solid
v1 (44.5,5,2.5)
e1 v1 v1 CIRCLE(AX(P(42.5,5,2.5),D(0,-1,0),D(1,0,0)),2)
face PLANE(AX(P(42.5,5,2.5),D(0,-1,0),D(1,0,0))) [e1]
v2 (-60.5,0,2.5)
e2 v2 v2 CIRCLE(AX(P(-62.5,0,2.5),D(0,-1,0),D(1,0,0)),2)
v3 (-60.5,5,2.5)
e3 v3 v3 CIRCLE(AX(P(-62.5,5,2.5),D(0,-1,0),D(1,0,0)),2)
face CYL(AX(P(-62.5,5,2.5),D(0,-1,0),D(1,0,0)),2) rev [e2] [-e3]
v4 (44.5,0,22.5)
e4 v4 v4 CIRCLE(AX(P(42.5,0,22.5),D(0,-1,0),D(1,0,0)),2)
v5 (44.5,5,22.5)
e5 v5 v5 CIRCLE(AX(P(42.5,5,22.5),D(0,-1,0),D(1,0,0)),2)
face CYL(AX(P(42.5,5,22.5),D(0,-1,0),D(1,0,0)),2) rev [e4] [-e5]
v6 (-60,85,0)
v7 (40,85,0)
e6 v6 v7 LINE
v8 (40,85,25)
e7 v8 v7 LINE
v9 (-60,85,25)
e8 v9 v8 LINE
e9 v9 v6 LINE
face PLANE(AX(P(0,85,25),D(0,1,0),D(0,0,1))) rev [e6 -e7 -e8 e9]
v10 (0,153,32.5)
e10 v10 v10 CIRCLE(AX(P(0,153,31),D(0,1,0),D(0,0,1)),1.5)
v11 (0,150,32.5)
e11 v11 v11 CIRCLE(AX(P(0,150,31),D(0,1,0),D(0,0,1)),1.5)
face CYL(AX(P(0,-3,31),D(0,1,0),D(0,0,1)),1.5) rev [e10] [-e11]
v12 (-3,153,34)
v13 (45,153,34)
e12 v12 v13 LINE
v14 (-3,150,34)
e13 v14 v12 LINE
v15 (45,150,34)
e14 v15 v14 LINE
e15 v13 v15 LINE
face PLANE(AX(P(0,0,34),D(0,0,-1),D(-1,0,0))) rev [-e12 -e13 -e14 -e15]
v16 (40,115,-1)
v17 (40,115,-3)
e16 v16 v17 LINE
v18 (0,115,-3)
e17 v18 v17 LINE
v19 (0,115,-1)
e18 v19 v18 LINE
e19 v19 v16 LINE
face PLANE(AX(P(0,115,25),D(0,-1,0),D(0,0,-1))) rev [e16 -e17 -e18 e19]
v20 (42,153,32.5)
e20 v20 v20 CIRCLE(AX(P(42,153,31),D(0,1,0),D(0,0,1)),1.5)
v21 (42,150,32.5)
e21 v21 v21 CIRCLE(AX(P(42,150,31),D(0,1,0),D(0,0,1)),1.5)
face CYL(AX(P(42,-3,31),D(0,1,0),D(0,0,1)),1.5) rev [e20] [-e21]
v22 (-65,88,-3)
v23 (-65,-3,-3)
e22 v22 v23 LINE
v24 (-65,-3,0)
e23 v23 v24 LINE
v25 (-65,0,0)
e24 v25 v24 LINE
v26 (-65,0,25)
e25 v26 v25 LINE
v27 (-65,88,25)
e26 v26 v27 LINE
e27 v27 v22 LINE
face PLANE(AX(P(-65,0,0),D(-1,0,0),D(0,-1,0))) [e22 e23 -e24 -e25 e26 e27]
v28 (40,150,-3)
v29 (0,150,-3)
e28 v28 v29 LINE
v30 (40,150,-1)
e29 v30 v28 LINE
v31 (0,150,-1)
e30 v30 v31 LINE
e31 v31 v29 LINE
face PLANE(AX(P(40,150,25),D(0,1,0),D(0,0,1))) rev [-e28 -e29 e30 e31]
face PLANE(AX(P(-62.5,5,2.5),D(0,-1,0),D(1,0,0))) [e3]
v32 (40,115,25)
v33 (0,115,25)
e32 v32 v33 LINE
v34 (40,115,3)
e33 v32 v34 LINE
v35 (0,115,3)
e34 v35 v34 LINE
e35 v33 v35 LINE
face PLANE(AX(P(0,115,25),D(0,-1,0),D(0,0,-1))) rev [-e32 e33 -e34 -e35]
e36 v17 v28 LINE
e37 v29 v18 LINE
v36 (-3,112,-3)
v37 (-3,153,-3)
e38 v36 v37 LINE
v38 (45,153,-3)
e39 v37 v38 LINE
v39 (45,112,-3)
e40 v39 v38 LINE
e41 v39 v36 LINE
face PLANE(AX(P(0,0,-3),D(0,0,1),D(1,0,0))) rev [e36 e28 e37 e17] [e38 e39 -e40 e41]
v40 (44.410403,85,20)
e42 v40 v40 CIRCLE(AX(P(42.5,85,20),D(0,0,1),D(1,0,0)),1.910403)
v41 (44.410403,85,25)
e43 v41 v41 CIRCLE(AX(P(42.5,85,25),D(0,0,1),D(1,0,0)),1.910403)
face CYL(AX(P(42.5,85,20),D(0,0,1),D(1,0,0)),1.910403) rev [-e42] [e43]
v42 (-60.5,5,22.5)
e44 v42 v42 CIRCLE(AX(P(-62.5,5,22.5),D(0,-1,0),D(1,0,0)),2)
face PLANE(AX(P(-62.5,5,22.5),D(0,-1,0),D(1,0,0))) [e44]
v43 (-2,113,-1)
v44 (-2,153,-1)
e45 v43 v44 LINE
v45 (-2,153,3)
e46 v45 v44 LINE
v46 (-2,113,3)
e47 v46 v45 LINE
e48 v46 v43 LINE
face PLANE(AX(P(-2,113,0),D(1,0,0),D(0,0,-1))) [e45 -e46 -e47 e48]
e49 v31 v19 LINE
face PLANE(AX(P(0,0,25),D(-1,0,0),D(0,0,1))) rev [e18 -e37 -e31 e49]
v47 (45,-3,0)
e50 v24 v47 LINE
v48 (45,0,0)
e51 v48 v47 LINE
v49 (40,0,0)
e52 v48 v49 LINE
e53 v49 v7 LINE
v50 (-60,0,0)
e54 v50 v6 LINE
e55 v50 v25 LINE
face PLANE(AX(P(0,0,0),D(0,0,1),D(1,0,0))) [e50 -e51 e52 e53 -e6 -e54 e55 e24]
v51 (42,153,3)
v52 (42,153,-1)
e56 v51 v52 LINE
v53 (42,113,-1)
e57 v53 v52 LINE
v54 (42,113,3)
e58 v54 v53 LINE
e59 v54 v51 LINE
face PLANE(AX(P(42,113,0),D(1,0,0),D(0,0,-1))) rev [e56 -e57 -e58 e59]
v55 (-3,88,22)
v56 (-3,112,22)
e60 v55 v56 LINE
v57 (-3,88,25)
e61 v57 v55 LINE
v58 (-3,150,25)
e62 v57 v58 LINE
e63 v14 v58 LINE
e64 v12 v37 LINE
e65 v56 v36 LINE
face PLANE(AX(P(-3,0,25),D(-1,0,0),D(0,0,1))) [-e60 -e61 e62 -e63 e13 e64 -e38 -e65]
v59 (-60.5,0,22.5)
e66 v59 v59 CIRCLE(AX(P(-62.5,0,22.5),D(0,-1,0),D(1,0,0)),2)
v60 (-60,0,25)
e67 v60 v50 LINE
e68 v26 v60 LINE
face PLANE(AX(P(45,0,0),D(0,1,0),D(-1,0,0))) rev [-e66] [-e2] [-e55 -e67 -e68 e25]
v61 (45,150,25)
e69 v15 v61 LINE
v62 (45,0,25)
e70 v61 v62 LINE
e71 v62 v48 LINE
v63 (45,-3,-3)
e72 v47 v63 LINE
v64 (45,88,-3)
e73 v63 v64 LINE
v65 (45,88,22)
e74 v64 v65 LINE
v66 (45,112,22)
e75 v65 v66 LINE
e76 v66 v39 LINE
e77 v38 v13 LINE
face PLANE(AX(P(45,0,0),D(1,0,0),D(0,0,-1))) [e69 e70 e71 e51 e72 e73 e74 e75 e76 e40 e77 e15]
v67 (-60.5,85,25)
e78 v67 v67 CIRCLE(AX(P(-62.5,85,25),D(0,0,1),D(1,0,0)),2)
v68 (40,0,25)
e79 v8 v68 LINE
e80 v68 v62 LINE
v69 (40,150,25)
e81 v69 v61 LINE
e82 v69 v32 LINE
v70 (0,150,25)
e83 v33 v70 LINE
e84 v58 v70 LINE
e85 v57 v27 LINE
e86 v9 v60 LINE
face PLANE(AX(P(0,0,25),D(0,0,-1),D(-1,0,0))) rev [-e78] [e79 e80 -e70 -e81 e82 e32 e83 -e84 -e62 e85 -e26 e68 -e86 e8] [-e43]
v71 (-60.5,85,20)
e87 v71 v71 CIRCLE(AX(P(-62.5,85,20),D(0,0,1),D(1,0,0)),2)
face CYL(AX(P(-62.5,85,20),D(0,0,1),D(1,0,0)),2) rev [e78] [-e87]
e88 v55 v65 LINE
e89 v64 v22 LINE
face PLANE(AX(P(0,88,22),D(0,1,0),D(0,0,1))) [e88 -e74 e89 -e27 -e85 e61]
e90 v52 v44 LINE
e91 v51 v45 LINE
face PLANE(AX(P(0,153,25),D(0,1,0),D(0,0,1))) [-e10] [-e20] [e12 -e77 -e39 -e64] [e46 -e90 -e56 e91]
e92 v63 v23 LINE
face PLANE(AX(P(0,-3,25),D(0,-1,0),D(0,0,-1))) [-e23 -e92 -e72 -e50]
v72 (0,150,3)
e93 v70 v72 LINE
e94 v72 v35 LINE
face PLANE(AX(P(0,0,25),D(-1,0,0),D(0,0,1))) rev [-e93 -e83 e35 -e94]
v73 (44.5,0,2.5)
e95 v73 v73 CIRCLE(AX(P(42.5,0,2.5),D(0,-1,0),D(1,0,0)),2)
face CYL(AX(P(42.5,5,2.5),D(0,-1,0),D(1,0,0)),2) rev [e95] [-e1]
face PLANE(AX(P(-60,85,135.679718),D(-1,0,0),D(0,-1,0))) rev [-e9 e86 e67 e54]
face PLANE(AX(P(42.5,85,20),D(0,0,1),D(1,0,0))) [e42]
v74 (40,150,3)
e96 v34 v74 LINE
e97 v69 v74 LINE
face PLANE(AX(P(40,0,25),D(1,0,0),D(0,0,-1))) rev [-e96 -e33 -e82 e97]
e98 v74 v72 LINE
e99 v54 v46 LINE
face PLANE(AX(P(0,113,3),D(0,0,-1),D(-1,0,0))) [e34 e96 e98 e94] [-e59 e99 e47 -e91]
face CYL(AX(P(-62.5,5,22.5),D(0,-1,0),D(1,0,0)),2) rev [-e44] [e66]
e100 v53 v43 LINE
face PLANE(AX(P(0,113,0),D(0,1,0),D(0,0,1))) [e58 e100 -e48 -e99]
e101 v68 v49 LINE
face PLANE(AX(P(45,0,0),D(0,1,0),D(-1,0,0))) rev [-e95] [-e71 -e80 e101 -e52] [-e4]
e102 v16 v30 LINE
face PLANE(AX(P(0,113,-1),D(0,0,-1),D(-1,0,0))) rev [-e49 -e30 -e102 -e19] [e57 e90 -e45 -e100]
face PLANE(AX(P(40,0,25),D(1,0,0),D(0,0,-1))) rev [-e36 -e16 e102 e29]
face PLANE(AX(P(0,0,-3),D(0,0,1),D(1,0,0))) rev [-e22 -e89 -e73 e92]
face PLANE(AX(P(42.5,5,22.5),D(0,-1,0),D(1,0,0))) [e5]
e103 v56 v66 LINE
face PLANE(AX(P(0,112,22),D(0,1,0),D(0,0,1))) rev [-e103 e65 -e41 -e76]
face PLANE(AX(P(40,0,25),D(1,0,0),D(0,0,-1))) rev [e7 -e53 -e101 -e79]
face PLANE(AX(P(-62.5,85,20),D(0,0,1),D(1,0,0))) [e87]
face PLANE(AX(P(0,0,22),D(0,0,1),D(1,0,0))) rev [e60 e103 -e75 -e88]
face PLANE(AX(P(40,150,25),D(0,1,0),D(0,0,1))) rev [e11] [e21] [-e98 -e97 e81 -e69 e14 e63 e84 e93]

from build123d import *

# Parameters (mm, degrees)
SKICA1_W                      = 40
SKICA1_H                      = 85
SKICA1_H_2                    = 35
SKICA1_H_3                    = 30
P_IDAT_VYSUNUT_M1_DEPTH       = 3
SKICA3_W                      = 46
SKICA3_H                      = 156
SKICA3_W_2                    = 40
SKICA3_H_2                    = 150
VYSUNOUT_TENKOST_NN_1_DEPTH   = 28
ODEBRAT_VYSUNUT_M2_DEPTH      = 22
ODEBRAT_VYSUNUT_M2_DEPTH_BACK = 17
SKICA4_W                      = 40
SKICA4_H                      = 24
SKICA4_W_2                    = 6.963710183
SKICA4_W_3                    = 3
SKICA5_W                      = 43
SKICA5_H                      = 3
SKICA5_W_2                    = 40
P_IDAT_VYSUNUT_M2_DEPTH       = 25
SKICA6_W                      = 40
SKICA6_H                      = 24
P_IDAT_VYSUNUT_M3_DEPTH       = 3
SKICA7_W                      = 40
SKICA7_H                      = 35
ODEBRAT_VYSUNUT_M3_DEPTH      = 161.881944295
SKICA8_W                      = 44
SKICA8_H                      = 4
ODEBRAT_VYSUNUT_M4_DEPTH      = 40
SKICA13_W                     = 60
SKICA13_H                     = 85
P_IDAT_VYSUNUT_M7_DEPTH       = 3
SKICA14_W                     = 63
SKICA14_H                     = 91
SKICA14_W_2                   = 57
SKICA14_H_2                   = 85
P_IDAT_VYSUNUT_M8_DEPTH       = 28
SKICA15_W                     = 3
SKICA15_H                     = 85
ODEBRAT_VYSUNUT_M6_DEPTH      = 25
SKICA16_W                     = 46
SKICA16_H                     = 3
P_IDAT_VYSUNUT_M9_DEPTH       = 9
SKICA17_W                     = 110
SKICA17_H                     = 3
ODEBRAT_VYSUNUT_M7_DEPTH      = 34
SKICA21_W                     = 3
SKICA21_H                     = 3
P_IDAT_VYSUNUT_M10_DEPTH      = 2
P_IDAT_VYSUNUT_M11_DEPTH      = 2
SKICA23_R                     = 2
ODEBRAT_VYSUNUT_M10_DEPTH     = 5
ODEBRAT_VYSUNUT_M8_DEPTH      = 173.386194343
ODEBRAT_VYSUNUT_M8_DEPTH_BACK = 173.386194343
SKICA19_R                     = 1.5
SKICA24_R                     = 2
SKICA24_R_2                   = 1.910403137
ODEBRAT_VYSUNUT_M11_DEPTH     = 5


with BuildPart() as part:
    # Skica1 → Přidat vysunutím1 (new body)
    with BuildSketch(Plane.XY):
        with Locations((20, 42.5)):
            Rectangle(SKICA1_W, SKICA1_H)
        with Locations((20, 102.5)):
            Rectangle(SKICA1_W, SKICA1_H_2)
        with Locations((20, 135)):
            Rectangle(SKICA1_W, SKICA1_H_3)
    extrude(amount=-P_IDAT_VYSUNUT_M1_DEPTH)

    # Skica3 → Vysunout tenkostěnný1 (add)
    with BuildSketch(Plane(origin=(0, 0, -3), x_dir=(-1, 0, 0), z_dir=(0, 0, -1))):
        with Locations((-20, 75)):
            Rectangle(SKICA3_W, SKICA3_H)
        with Locations((-20, 75)):
            Rectangle(SKICA3_W_2, SKICA3_H_2, mode=Mode.SUBTRACT)
    extrude(amount=-VYSUNOUT_TENKOST_NN_1_DEPTH)

    # Skica4 → Odebrat vysunutím2 (cut, two sides: drawn at the far end of the back side and taken through both)
    with BuildSketch(Plane.XY.offset(-ODEBRAT_VYSUNUT_M2_DEPTH_BACK)):
        with Locations((20, 100)):
            Rectangle(SKICA4_W, SKICA4_H)
        with Locations((-3.481855092, 100)):
            Rectangle(SKICA4_W_2, SKICA4_H)
        with Locations((41.5, 100)):
            Rectangle(SKICA4_W_3, SKICA4_H)
    extrude(amount=ODEBRAT_VYSUNUT_M2_DEPTH + ODEBRAT_VYSUNUT_M2_DEPTH_BACK, mode=Mode.SUBTRACT)

    # Skica5 → Přidat vysunutím2 (add)
    with BuildSketch(Plane.XY):
        with Locations((21.5, 113.5)):
            Rectangle(SKICA5_W, SKICA5_H)
        with Locations((20, 86.5)):
            Rectangle(SKICA5_W_2, SKICA5_H)
    extrude(amount=P_IDAT_VYSUNUT_M2_DEPTH)

    # Skica6 → Přidat vysunutím3 (add)
    with BuildSketch(Plane.XY.offset(25)):
        with Locations((20, 100)):
            Rectangle(SKICA6_W, SKICA6_H)
    extrude(amount=-P_IDAT_VYSUNUT_M3_DEPTH)

    # Skica7 → Odebrat vysunutím3 (cut, through all)
    with BuildSketch(Plane.XY):
        with Locations((20, 132.5)):
            Rectangle(SKICA7_W, SKICA7_H)
    extrude(amount=-ODEBRAT_VYSUNUT_M3_DEPTH, mode=Mode.SUBTRACT)

    # Skica8 → Odebrat vysunutím4 (cut)
    with BuildSketch(Plane(origin=(0, 153, 0), x_dir=(1, 0, 0), z_dir=(0, 1, 0))):
        with Locations((20, -1)):
            Rectangle(SKICA8_W, SKICA8_H)
    extrude(amount=-ODEBRAT_VYSUNUT_M4_DEPTH, mode=Mode.SUBTRACT)

    # Skica13 → Přidat vysunutím7 (add)
    with BuildSketch(Plane(origin=(0, 0, -3), x_dir=(-1, 0, 0), z_dir=(0, 0, -1))):
        with Locations((30, 42.5)):
            Rectangle(SKICA13_W, SKICA13_H)
    extrude(amount=-P_IDAT_VYSUNUT_M7_DEPTH)

    # Skica14 → Přidat vysunutím8 (add)
    with BuildSketch(Plane(origin=(0, 0, -3), x_dir=(-1, 0, 0), z_dir=(0, 0, -1))):
        with Locations((31.5, 42.5)):
            Rectangle(SKICA14_W, SKICA14_H)
        with Locations((31.5, 42.5)):
            Rectangle(SKICA14_W_2, SKICA14_H_2, mode=Mode.SUBTRACT)
    extrude(amount=-P_IDAT_VYSUNUT_M8_DEPTH)

    # Skica15 → Odebrat vysunutím6 (cut)
    with BuildSketch(Plane.XY.offset(25)):
        with Locations((-1.5, 42.5)):
            Rectangle(SKICA15_W, SKICA15_H)
    extrude(amount=-ODEBRAT_VYSUNUT_M6_DEPTH, mode=Mode.SUBTRACT)

    # Skica16 → Přidat vysunutím9 (add)
    with BuildSketch(Plane.XY.offset(25)):
        with Locations((20, 151.5)):
            Rectangle(SKICA16_W, SKICA16_H)
    extrude(amount=P_IDAT_VYSUNUT_M9_DEPTH)

    # Skica17 → Odebrat vysunutím7 (cut)
    with BuildSketch(Plane.XY.offset(34)):
        with Locations((-10, -1.5)):
            Rectangle(SKICA17_W, SKICA17_H)
    extrude(amount=-ODEBRAT_VYSUNUT_M7_DEPTH, mode=Mode.SUBTRACT)

    # Skica21 → Přidat vysunutím10 (add)
    with BuildSketch(Plane.ZY.offset(63)):
        Polygon((25, 0), (25, 88), (-3, 88), (-3, 0), (0, 0), align=None)
        with Locations((-1.5, -1.5)):
            Rectangle(SKICA21_W, SKICA21_H)
    extrude(amount=P_IDAT_VYSUNUT_M10_DEPTH)

    # Skica22 → Přidat vysunutím11 (add)
    with BuildSketch(Plane(origin=(43, 0, 0), x_dir=(0, 0, -1), z_dir=(1, 0, 0))):
        Polygon((-25, 0), (0, 0), (0, -3), (3, -3), (3, 0), (3, 88), (-22, 88), (-22, 112), (3, 112), (3, 153), (-25, 153), (-34, 153), (-34, 150), (-25, 150), (-25, 112), (-25, 88), align=None)
    extrude(amount=P_IDAT_VYSUNUT_M11_DEPTH)

    # Skica23 → Odebrat vysunutím10 (cut)
    with BuildSketch(Plane.XZ):
        with Locations((42.5, 22.5)):
            Circle(SKICA23_R)
        with Locations((42.5, 2.5)):
            Circle(SKICA23_R)
        with Locations((-62.5, 2.5)):
            Circle(SKICA23_R)
        with Locations((-62.5, 22.5)):
            Circle(SKICA23_R)
    extrude(amount=-ODEBRAT_VYSUNUT_M10_DEPTH, mode=Mode.SUBTRACT)

    # Skica19 → Odebrat vysunutím8 (cut, two sides: drawn at the far end of the back side and taken through both)
    with BuildSketch(Plane(origin=(0, 153, 0), x_dir=(1, 0, 0), z_dir=(0, 1, 0)).offset(-ODEBRAT_VYSUNUT_M8_DEPTH_BACK)):
        with Locations(Location((42, -31, 0), (0, 0, 270))):
            Circle(SKICA19_R)
        with Locations(Location((0, -31, 0), (0, 0, 270))):
            Circle(SKICA19_R)
    extrude(amount=ODEBRAT_VYSUNUT_M8_DEPTH + ODEBRAT_VYSUNUT_M8_DEPTH_BACK, mode=Mode.SUBTRACT)

    # Skica24 → Odebrat vysunutím11 (cut)
    with BuildSketch(Plane.XY.offset(25)):
        with Locations((-62.5, 85)):
            Circle(SKICA24_R)
        with Locations((42.5, 85)):
            Circle(SKICA24_R_2)
    extrude(amount=-ODEBRAT_VYSUNUT_M11_DEPTH, mode=Mode.SUBTRACT)


solid = part.part
